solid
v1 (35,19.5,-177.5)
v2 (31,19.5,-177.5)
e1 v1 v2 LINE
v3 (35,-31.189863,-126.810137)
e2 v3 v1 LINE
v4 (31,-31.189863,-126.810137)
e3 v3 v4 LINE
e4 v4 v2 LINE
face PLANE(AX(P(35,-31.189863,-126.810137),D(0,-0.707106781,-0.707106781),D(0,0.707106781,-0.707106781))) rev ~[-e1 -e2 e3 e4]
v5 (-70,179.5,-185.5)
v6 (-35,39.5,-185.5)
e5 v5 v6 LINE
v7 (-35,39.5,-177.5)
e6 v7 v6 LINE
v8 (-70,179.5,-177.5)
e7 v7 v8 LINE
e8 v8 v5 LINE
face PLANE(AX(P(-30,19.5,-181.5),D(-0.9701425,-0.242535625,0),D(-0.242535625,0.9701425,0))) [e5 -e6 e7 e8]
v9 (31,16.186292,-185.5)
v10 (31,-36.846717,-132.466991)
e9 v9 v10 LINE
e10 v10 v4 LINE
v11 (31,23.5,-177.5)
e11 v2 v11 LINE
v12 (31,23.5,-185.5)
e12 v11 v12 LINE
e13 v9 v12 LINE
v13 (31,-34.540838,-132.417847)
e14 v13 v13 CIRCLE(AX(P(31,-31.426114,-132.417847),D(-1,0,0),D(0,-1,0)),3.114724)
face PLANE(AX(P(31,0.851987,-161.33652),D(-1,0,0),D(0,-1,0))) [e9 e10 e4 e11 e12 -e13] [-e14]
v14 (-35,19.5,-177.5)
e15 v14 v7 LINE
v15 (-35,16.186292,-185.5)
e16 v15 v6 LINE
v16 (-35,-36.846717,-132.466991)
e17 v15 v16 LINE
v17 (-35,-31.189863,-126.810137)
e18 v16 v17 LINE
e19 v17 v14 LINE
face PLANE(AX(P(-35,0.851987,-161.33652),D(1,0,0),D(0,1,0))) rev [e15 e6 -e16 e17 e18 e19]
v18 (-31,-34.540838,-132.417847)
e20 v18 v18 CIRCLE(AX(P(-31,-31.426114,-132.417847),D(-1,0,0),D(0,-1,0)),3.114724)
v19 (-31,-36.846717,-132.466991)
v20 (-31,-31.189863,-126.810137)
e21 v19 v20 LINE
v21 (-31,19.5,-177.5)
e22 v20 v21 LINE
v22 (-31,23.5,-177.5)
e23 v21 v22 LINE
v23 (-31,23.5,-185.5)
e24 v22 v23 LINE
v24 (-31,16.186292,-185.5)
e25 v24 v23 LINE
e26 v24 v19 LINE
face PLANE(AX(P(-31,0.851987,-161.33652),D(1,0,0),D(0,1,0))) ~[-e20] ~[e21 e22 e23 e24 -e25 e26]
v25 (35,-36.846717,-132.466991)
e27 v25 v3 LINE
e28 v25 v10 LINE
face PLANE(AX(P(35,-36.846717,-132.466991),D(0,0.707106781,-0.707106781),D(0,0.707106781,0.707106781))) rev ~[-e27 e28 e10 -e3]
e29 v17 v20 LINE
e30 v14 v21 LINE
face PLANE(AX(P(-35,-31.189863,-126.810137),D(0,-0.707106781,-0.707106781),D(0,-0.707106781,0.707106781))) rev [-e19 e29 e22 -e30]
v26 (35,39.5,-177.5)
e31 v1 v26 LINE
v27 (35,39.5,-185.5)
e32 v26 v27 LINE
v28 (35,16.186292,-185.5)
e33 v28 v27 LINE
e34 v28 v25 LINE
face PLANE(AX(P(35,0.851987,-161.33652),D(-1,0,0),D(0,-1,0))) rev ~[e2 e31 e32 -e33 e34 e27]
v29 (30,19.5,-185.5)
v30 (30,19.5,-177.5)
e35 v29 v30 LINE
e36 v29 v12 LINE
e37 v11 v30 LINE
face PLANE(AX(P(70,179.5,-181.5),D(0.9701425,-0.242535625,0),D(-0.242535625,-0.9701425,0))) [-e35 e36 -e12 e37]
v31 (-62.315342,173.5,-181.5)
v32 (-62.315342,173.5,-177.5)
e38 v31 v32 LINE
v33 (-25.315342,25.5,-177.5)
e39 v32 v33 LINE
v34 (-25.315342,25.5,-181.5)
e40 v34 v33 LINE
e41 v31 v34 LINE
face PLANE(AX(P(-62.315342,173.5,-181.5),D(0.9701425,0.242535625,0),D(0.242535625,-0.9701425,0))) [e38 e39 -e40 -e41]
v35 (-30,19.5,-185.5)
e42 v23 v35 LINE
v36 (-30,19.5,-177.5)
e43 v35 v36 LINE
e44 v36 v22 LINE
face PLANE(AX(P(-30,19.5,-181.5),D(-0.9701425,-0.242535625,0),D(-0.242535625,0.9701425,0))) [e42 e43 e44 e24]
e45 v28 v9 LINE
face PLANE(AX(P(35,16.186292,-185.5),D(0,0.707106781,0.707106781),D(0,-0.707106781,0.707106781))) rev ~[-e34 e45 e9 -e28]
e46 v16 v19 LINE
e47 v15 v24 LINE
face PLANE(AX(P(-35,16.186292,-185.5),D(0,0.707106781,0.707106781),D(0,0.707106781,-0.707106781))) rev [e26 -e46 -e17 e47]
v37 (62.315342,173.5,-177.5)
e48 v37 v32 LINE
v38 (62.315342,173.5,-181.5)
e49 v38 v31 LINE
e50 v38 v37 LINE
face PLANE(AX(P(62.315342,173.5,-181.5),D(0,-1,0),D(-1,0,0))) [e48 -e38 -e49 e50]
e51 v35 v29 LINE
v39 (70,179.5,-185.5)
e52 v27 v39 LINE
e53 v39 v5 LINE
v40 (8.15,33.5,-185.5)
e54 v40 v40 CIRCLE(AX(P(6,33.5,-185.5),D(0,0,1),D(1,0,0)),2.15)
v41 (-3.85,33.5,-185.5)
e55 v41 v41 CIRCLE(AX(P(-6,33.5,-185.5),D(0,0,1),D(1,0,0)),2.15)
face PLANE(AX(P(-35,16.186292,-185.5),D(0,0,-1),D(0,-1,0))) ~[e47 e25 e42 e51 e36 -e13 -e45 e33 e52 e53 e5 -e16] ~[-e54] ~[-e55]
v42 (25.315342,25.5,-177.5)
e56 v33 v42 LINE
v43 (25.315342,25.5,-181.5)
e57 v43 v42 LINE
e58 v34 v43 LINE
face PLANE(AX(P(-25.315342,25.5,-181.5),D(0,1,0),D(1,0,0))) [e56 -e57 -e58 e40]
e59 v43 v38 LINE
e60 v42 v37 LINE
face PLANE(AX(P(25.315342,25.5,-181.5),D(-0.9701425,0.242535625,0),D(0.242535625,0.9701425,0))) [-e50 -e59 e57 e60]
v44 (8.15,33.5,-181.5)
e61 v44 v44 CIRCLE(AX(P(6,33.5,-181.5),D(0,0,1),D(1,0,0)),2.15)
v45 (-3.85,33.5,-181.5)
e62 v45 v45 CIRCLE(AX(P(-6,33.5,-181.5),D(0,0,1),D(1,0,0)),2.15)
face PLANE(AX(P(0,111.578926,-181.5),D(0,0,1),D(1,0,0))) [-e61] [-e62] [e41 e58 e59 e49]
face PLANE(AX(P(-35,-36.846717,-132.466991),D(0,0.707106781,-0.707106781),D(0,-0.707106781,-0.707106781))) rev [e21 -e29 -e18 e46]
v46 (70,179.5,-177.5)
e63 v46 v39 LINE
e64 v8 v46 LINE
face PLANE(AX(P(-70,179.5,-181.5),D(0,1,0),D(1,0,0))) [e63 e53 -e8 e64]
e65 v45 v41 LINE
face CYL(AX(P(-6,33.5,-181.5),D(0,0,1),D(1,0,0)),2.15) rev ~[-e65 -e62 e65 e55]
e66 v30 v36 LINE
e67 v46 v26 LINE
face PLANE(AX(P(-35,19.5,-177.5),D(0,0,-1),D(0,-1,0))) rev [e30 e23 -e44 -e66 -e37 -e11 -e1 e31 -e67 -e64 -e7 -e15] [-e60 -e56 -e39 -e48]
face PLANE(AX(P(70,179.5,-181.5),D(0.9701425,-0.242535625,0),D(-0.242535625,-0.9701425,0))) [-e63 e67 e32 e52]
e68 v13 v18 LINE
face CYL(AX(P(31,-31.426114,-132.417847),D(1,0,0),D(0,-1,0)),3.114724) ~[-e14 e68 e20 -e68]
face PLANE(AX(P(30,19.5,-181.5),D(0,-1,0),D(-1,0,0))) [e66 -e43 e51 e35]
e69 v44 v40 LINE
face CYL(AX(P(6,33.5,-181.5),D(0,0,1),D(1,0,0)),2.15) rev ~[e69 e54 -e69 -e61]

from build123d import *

# Parameters (mm, degrees)
PAD065_DEPTH    = 4
PAD066_DEPTH    = 4
PAD067_DEPTH    = 4
SKETCH128_R     = 3.114724
PAD068_DEPTH    = 62
SKETCH129_R     = 2.15
POCKET018_DEPTH = 4.001


with BuildPart() as part:
    # Sketch125 → Pad065 (new body)
    with BuildSketch(Plane.XY):
        Polygon((70, 160), (-70, 160), (-30, 0), (30, 0), align=None)
    extrude(amount=PAD065_DEPTH)

    # Sketch126 (on Face6 of Pad065) → Pad066 (join)
    with BuildSketch(Plane.XY.offset(4)):
        Polygon((-30, 0), (-70, 160), (70, 160), (30, 0), align=None)
        Polygon((-62.315342, 154), (-25.315342, 6), (25.315342, 6), (62.315342, 154), align=None, mode=Mode.SUBTRACT)
    extrude(amount=PAD066_DEPTH)

    # Sketch127 → Pad067 (join)
    with BuildSketch(Plane.YZ.offset(35)):
        Polygon((0, 0), (-3.313708, 0), (-56.346717, 53.033009), (-50.689863, 58.689863), (0, 8), (21, 8), (21, 0), align=None)
    pad067 = extrude(amount=-PAD067_DEPTH)

    # Mirrored006: Pad067 across YZ
    add(pad067.mirror(Plane.YZ))

    # Sketch128 (on Face28 of MultiTransform005) → Pad068 (join)
    with BuildSketch(Plane(origin=(31, 0, 0), x_dir=(0, -1, 0), z_dir=(-1, 0, 0))):
        with Locations((50.926114, 53.082153)):
            Circle(SKETCH128_R)
    extrude(amount=PAD068_DEPTH)

    # Sketch129 (on Face40 of Pad068) → Pocket018 (cut, through all)
    with BuildSketch(Plane.XY.offset(4)):
        with Locations((-6, 14)):
            Circle(SKETCH129_R)
        with Locations((6, 14)):
            Circle(SKETCH129_R)
    extrude(amount=-POCKET018_DEPTH, mode=Mode.SUBTRACT)


with BuildPart() as part_1:
    # Body029 placement: moved
    add(part.part.moved(Location((0, 19.5, -185.5))))


solid = part_1.part
